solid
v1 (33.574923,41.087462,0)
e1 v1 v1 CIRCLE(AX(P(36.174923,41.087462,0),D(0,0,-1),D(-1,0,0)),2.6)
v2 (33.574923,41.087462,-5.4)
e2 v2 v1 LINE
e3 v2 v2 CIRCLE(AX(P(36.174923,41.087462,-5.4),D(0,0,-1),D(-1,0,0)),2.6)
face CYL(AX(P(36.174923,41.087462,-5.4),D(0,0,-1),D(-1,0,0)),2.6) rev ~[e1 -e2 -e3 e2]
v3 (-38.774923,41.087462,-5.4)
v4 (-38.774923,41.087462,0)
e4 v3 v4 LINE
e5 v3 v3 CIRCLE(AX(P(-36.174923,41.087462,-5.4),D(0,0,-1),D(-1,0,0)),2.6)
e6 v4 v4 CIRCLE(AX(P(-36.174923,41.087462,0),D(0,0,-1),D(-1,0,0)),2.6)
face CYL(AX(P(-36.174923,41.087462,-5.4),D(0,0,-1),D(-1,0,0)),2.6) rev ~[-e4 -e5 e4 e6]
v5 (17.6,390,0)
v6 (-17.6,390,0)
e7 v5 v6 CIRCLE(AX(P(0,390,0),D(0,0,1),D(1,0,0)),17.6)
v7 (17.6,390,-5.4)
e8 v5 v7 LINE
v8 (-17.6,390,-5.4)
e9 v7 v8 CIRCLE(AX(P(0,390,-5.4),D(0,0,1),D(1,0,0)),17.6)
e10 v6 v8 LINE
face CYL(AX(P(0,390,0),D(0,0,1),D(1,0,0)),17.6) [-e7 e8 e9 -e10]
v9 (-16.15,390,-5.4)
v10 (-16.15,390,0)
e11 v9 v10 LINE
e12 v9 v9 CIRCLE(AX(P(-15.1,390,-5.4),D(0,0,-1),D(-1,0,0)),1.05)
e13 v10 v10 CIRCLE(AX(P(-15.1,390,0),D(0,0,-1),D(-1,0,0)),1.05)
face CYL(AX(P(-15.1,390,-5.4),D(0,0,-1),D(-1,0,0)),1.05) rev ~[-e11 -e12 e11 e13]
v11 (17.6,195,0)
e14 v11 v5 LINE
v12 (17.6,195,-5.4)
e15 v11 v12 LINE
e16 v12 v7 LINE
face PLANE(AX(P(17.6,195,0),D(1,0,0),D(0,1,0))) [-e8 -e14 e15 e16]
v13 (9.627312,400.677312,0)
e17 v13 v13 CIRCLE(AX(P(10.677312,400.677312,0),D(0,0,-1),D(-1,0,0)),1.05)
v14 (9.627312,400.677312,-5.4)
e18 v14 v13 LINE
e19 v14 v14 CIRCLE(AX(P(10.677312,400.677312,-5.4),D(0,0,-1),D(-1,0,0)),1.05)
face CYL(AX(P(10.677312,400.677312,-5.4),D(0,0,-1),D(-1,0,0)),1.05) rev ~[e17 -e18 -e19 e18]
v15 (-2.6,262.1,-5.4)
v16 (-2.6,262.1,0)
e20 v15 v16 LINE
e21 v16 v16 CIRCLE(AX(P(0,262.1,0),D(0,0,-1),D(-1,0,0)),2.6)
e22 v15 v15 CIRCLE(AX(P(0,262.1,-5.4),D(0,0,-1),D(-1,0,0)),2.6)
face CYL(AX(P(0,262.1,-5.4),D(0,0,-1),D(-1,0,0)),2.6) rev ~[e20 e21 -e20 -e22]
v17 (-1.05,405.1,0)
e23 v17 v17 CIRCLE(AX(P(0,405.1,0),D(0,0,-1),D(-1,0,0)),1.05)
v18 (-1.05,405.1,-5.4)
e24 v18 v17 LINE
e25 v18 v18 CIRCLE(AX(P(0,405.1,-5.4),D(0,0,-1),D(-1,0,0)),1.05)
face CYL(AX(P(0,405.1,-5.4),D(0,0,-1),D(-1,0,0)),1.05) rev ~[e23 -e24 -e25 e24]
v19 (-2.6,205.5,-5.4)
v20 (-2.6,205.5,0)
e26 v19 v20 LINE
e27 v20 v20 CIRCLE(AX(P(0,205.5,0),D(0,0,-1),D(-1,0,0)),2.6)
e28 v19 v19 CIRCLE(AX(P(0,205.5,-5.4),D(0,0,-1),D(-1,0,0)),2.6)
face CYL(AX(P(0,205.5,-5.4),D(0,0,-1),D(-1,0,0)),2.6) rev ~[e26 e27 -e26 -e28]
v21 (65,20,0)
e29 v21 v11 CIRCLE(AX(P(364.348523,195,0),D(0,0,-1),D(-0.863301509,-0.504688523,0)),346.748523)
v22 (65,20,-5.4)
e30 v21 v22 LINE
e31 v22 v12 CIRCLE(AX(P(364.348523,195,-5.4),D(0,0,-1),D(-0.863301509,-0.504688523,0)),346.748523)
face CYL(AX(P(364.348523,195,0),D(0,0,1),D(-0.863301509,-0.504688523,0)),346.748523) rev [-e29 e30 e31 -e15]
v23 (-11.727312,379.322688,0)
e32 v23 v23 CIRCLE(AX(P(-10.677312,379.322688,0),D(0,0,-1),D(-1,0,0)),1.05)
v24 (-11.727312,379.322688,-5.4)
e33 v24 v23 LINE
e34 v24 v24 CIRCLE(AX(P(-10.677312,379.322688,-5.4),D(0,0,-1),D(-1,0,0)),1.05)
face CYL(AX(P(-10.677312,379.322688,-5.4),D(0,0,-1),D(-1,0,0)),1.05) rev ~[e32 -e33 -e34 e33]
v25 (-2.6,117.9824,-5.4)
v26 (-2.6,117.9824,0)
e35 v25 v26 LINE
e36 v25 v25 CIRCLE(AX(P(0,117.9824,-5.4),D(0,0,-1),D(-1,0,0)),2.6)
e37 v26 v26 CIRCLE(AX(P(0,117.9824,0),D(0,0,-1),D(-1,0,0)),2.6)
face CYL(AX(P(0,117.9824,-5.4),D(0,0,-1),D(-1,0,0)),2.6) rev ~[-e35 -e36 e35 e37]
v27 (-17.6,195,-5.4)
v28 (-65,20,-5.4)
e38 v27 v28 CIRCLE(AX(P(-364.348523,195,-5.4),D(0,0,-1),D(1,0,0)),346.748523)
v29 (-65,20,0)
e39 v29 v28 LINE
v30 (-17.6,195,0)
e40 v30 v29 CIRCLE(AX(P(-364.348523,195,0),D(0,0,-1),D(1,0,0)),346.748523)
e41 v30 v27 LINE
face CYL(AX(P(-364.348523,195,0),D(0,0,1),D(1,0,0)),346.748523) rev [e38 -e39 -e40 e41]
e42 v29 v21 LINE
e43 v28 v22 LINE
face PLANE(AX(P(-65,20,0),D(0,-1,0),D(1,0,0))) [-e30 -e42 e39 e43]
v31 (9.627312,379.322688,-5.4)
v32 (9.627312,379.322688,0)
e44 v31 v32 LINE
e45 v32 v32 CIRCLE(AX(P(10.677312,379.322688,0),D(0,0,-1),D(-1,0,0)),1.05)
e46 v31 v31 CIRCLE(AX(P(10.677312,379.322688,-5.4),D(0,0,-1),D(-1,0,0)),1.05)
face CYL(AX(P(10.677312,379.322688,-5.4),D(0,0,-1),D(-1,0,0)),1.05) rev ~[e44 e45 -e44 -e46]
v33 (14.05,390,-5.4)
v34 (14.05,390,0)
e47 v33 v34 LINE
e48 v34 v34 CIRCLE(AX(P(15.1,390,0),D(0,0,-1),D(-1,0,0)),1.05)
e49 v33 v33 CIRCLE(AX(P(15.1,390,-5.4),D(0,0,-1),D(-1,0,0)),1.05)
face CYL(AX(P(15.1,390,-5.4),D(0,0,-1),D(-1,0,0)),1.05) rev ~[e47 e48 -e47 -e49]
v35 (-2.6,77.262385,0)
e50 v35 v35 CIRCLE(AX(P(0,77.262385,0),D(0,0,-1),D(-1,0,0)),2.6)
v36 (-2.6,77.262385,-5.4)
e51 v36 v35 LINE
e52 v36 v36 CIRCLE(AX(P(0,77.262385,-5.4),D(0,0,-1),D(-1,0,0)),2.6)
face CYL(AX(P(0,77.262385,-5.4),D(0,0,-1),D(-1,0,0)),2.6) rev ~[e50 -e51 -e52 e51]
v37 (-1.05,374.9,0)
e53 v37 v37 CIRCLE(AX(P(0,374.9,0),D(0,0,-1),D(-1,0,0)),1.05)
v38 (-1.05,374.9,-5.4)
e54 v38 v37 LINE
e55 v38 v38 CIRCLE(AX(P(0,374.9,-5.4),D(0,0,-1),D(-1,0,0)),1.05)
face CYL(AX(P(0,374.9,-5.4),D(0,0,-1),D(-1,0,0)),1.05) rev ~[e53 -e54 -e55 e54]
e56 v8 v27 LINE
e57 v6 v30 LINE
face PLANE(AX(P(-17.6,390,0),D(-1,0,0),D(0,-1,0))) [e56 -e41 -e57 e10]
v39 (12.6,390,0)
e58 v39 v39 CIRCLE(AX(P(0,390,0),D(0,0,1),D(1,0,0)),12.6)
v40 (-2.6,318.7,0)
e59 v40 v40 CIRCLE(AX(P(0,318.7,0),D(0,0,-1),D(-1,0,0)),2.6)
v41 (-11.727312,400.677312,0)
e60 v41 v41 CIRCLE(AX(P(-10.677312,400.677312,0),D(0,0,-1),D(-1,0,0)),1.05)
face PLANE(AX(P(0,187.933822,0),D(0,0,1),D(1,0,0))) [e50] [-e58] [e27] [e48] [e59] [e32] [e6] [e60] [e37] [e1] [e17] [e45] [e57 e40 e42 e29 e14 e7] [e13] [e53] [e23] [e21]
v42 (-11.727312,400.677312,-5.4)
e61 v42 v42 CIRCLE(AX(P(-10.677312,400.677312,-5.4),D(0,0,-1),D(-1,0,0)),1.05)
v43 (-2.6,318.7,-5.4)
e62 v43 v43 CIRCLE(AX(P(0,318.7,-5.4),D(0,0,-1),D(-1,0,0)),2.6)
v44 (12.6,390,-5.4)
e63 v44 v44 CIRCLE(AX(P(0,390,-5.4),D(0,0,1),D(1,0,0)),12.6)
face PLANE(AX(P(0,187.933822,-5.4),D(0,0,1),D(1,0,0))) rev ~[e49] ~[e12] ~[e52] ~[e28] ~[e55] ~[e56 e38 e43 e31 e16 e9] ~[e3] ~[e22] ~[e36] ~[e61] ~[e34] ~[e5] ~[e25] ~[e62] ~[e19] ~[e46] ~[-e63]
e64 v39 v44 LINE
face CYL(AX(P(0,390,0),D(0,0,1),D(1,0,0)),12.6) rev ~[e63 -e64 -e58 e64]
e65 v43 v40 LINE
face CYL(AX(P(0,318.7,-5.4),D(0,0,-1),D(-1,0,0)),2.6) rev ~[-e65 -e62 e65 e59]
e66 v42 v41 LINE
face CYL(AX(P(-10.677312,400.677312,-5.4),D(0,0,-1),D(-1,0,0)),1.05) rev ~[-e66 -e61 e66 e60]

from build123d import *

# Parameters (mm, degrees)
SKETCH2_R           = 12.6
BOSS_EXTRUDE1_DEPTH = 5.4
SKETCH3_R           = 1.05
SKETCH3_R_2         = 2.6
CUT_EXTRUDE1_DEPTH  = 413.785561763


with BuildPart() as part:
    # Sketch2 → Boss-Extrude1 (new body)
    with BuildSketch(Plane.XY):
        with BuildLine():
            Line((-65, 20), (65, 20))
            ThreePointArc((65, 20), (29.659714989, 104.34714566), (17.6, 195))
            Line((17.6, 195), (17.6, 390))
            ThreePointArc((17.6, 390), (0, 407.6), (-17.6, 390))
            Line((-17.6, 390), (-17.6, 195))
            ThreePointArc((-17.6, 195), (-29.659714989, 104.34714566), (-65, 20))
        make_face()
        with Locations((0, 390)):
            Circle(SKETCH2_R, mode=Mode.SUBTRACT)
    extrude(amount=-BOSS_EXTRUDE1_DEPTH)

    # Sketch3 → Cut-Extrude1 (cut, through all)
    with BuildSketch(Plane(origin=(0, 0, -5.4), x_dir=(-1, 0, 0), z_dir=(0, 0, -1))):
        with Locations((10.677312396, 400.677312396)):
            Circle(SKETCH3_R)
        with Locations((0, 405.1)):
            Circle(SKETCH3_R)
        with Locations((-10.677312396, 400.677312396)):
            Circle(SKETCH3_R)
        with Locations((-15.1, 390)):
            Circle(SKETCH3_R)
        with Locations((-10.677312396, 379.322687604)):
            Circle(SKETCH3_R)
        with Locations((0, 374.9)):
            Circle(SKETCH3_R)
        with Locations((10.677312396, 379.322687604)):
            Circle(SKETCH3_R)
        with Locations((15.1, 390)):
            Circle(SKETCH3_R)
        with Locations((0, 262.1)):
            Circle(SKETCH3_R_2)
        with Locations((0, 318.7)):
            Circle(SKETCH3_R_2)
        with Locations((-36.174923221, 41.087461611)):
            Circle(SKETCH3_R_2)
        with Locations((36.174923221, 41.087461611)):
            Circle(SKETCH3_R_2)
        with Locations((0, 77.262384832)):
            Circle(SKETCH3_R_2)
        with Locations((0, 117.98239975)):
            Circle(SKETCH3_R_2)
        with Locations((0, 205.5)):
            Circle(SKETCH3_R_2)
    extrude(amount=-CUT_EXTRUDE1_DEPTH, mode=Mode.SUBTRACT)


solid = part.part
